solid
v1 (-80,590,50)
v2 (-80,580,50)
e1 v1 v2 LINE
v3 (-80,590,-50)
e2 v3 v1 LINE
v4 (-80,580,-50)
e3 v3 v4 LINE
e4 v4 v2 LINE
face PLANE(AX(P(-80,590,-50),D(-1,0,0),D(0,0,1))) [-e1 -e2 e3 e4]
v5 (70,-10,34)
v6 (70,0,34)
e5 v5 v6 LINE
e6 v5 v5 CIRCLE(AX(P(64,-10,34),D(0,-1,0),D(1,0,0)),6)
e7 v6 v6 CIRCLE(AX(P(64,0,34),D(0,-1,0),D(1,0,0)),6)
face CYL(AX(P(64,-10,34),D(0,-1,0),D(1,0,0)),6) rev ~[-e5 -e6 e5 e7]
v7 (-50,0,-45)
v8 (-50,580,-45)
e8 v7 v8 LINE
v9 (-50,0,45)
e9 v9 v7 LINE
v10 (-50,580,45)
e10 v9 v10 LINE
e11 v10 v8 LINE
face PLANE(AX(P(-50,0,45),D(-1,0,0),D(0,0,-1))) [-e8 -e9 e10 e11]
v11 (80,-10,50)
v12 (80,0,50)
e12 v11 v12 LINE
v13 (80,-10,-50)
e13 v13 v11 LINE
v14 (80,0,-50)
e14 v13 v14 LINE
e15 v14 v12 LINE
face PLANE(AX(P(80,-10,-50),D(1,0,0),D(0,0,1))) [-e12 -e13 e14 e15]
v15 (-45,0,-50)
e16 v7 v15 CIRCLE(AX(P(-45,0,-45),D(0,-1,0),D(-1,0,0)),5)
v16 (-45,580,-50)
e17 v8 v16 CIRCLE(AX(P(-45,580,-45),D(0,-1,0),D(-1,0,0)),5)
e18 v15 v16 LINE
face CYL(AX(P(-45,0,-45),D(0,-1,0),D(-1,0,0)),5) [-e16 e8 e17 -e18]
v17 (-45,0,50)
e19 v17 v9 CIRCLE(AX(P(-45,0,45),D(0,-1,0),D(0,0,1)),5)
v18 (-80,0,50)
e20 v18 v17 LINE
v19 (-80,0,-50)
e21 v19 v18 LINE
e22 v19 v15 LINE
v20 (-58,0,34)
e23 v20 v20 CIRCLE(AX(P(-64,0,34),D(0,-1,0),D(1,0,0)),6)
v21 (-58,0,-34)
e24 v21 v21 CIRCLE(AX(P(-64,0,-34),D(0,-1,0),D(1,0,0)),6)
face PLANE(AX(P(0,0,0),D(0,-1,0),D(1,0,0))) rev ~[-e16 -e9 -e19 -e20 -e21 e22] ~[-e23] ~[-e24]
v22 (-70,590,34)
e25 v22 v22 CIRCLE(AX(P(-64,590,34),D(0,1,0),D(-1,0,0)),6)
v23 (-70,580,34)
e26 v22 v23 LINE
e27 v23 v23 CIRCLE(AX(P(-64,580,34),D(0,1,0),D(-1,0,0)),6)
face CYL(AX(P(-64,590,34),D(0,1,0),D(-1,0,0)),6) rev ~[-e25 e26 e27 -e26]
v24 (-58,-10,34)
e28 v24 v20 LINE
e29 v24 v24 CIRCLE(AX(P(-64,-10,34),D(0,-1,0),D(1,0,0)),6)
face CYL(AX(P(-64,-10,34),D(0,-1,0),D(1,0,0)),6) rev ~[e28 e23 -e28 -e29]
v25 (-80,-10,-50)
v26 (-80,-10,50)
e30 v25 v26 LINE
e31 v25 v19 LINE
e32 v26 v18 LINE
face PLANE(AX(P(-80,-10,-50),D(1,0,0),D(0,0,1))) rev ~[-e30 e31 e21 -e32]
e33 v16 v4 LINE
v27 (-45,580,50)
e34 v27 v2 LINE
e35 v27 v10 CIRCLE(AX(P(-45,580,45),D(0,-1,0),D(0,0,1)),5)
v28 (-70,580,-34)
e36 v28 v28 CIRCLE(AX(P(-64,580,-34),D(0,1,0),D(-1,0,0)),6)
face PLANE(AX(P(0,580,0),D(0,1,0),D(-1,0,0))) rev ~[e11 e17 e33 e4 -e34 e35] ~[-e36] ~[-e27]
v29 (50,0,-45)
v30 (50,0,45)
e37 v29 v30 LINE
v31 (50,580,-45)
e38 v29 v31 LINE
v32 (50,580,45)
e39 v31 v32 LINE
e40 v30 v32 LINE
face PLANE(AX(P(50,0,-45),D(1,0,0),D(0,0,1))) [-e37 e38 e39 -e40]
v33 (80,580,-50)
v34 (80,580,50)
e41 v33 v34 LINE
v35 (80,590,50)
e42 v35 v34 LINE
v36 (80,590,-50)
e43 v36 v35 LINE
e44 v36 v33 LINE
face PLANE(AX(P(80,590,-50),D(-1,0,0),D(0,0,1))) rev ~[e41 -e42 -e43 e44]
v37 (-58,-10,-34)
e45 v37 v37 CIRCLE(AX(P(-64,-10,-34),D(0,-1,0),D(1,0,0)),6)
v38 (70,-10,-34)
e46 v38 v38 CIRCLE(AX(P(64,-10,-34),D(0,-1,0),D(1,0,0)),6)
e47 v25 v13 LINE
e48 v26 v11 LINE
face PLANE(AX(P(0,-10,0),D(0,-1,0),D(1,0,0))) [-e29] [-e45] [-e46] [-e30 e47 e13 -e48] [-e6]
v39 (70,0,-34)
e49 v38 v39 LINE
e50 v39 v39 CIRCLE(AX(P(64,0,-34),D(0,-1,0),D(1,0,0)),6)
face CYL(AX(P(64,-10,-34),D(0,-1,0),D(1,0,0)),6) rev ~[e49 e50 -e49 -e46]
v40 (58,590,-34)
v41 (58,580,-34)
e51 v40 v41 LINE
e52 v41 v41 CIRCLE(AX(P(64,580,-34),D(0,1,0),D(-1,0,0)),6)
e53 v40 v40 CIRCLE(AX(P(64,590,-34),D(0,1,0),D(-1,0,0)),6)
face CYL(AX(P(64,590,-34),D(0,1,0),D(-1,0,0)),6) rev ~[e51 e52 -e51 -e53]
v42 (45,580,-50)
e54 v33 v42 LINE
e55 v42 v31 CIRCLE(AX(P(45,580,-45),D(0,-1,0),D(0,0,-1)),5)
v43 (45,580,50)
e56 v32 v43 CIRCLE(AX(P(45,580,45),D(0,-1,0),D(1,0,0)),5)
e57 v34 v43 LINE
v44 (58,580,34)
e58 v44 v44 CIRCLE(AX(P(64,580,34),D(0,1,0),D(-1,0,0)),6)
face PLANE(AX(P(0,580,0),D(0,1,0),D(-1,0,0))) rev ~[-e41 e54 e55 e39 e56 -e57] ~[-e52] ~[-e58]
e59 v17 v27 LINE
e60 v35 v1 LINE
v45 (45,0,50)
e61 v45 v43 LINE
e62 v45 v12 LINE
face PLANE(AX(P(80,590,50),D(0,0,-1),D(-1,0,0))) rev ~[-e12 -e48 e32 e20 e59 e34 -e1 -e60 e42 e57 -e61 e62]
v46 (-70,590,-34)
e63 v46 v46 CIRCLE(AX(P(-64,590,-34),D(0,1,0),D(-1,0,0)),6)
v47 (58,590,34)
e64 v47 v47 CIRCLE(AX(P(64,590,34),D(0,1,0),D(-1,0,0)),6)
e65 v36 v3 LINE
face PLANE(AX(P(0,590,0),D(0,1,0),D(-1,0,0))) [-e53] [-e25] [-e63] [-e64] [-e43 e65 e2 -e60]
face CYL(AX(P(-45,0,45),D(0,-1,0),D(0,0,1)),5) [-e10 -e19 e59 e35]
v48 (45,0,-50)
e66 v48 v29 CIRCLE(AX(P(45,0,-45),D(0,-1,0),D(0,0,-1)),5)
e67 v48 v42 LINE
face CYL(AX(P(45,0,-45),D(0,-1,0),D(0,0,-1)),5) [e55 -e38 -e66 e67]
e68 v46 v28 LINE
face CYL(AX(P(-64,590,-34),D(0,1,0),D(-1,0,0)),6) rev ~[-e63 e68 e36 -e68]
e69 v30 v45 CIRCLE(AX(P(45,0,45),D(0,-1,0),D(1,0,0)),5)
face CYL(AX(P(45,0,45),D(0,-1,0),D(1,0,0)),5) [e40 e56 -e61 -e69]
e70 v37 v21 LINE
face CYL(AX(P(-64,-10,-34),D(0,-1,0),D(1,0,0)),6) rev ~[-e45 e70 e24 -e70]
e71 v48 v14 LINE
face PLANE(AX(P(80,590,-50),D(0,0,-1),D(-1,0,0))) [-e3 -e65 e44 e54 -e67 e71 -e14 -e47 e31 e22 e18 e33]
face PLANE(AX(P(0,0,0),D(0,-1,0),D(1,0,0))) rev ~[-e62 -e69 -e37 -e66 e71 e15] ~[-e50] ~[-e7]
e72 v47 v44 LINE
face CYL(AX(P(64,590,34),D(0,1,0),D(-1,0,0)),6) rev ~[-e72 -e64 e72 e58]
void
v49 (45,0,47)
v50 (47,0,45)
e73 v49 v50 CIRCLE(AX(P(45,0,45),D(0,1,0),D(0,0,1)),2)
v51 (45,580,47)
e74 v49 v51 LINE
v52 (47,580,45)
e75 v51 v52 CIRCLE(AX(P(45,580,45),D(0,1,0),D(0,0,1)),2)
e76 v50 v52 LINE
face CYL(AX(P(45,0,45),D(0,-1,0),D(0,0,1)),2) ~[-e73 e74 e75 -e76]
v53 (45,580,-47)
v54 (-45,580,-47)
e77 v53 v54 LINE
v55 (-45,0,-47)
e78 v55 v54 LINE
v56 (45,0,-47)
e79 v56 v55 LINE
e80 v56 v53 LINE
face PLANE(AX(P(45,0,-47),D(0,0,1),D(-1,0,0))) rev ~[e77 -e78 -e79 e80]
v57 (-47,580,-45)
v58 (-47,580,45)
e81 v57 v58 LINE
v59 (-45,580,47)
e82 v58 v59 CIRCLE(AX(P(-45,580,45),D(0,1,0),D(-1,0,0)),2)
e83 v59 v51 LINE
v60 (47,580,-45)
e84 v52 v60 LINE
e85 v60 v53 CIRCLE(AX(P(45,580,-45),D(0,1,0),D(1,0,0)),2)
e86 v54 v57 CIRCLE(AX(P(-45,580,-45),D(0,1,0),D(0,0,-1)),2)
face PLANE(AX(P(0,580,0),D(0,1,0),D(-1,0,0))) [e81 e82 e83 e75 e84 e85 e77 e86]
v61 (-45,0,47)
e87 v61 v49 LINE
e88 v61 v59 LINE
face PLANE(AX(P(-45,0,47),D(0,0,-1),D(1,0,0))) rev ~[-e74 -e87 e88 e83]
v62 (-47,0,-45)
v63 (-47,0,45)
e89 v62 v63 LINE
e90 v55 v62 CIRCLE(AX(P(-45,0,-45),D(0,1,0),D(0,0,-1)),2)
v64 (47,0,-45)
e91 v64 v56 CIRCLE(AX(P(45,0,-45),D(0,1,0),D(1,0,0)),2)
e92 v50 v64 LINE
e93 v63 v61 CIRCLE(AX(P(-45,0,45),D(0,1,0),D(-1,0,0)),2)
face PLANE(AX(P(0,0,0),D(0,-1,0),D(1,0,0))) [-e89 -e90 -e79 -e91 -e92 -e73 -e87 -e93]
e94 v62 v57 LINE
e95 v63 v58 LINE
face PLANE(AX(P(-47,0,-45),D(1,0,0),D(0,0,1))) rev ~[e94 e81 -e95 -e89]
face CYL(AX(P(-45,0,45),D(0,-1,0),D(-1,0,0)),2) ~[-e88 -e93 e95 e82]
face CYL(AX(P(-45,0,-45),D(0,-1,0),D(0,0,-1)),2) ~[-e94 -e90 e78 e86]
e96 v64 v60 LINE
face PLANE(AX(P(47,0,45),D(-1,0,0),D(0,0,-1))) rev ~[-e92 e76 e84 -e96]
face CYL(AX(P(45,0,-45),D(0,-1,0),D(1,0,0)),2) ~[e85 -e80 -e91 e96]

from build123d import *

# Parameters (mm, degrees)
F1_DEPTH = 580
F3_W     = 160
F3_H     = 100
F3_R     = 6
F4_DEPTH = 10
F6_W     = 160
F6_H     = 100
F6_R     = 6
F7_DEPTH = 10


with BuildPart() as f1:
    # F0 (on Front) → F1 (new body)
    with BuildSketch(Plane.XZ):
        with BuildLine():
            ThreePointArc((50, 45), (48.5355339059, 48.5355339059), (45, 50))
            Line((45, 50), (-45, 50))
            ThreePointArc((-45, 50), (-48.5355339059, 48.5355339059), (-50, 45))
            Line((-50, 45), (-50, -45))
            ThreePointArc((-50, -45), (-48.5355339059, -48.5355339059), (-45, -50))
            Line((-45, -50), (45, -50))
            ThreePointArc((45, -50), (48.5355339059, -48.5355339059), (50, -45))
            Line((50, -45), (50, 45))
        make_face()
        with BuildLine():
            ThreePointArc((-47, 45), (-46.4142135624, 46.4142135624), (-45, 47))
            Line((-45, 47), (45, 47))
            ThreePointArc((45, 47), (46.4142135624, 46.4142135624), (47, 45))
            Line((47, 45), (47, -45))
            ThreePointArc((47, -45), (46.4142135624, -46.4142135624), (45, -47))
            Line((45, -47), (-45, -47))
            ThreePointArc((-45, -47), (-46.4142135624, -46.4142135624), (-47, -45))
            Line((-47, -45), (-47, 45))
        make_face(mode=Mode.SUBTRACT)
    extrude(amount=-F1_DEPTH)

    # F3 (on offset) → F4 (join)
    with BuildSketch(Plane.XZ.offset(10)):
        Rectangle(F3_W, F3_H)
        with Locations((-64, -34)):
            Circle(F3_R, mode=Mode.SUBTRACT)
        with Locations((64, -34)):
            Circle(F3_R, mode=Mode.SUBTRACT)
        with Locations((-64, 34)):
            Circle(F3_R, mode=Mode.SUBTRACT)
        with Locations((64, 34)):
            Circle(F3_R, mode=Mode.SUBTRACT)
    extrude(amount=-F4_DEPTH)

    # F6 (on offset) → F7 (join)
    with BuildSketch(Plane(origin=(0, 590, 0), x_dir=(-1, 0, 0), z_dir=(0, 1, 0))):
        Rectangle(F6_W, F6_H)
        with Locations((-64, -34)):
            Circle(F6_R, mode=Mode.SUBTRACT)
        with Locations((64, -34)):
            Circle(F6_R, mode=Mode.SUBTRACT)
        with Locations((-64, 34)):
            Circle(F6_R, mode=Mode.SUBTRACT)
        with Locations((64, 34)):
            Circle(F6_R, mode=Mode.SUBTRACT)
    extrude(amount=-F7_DEPTH)


solid = f1.part
